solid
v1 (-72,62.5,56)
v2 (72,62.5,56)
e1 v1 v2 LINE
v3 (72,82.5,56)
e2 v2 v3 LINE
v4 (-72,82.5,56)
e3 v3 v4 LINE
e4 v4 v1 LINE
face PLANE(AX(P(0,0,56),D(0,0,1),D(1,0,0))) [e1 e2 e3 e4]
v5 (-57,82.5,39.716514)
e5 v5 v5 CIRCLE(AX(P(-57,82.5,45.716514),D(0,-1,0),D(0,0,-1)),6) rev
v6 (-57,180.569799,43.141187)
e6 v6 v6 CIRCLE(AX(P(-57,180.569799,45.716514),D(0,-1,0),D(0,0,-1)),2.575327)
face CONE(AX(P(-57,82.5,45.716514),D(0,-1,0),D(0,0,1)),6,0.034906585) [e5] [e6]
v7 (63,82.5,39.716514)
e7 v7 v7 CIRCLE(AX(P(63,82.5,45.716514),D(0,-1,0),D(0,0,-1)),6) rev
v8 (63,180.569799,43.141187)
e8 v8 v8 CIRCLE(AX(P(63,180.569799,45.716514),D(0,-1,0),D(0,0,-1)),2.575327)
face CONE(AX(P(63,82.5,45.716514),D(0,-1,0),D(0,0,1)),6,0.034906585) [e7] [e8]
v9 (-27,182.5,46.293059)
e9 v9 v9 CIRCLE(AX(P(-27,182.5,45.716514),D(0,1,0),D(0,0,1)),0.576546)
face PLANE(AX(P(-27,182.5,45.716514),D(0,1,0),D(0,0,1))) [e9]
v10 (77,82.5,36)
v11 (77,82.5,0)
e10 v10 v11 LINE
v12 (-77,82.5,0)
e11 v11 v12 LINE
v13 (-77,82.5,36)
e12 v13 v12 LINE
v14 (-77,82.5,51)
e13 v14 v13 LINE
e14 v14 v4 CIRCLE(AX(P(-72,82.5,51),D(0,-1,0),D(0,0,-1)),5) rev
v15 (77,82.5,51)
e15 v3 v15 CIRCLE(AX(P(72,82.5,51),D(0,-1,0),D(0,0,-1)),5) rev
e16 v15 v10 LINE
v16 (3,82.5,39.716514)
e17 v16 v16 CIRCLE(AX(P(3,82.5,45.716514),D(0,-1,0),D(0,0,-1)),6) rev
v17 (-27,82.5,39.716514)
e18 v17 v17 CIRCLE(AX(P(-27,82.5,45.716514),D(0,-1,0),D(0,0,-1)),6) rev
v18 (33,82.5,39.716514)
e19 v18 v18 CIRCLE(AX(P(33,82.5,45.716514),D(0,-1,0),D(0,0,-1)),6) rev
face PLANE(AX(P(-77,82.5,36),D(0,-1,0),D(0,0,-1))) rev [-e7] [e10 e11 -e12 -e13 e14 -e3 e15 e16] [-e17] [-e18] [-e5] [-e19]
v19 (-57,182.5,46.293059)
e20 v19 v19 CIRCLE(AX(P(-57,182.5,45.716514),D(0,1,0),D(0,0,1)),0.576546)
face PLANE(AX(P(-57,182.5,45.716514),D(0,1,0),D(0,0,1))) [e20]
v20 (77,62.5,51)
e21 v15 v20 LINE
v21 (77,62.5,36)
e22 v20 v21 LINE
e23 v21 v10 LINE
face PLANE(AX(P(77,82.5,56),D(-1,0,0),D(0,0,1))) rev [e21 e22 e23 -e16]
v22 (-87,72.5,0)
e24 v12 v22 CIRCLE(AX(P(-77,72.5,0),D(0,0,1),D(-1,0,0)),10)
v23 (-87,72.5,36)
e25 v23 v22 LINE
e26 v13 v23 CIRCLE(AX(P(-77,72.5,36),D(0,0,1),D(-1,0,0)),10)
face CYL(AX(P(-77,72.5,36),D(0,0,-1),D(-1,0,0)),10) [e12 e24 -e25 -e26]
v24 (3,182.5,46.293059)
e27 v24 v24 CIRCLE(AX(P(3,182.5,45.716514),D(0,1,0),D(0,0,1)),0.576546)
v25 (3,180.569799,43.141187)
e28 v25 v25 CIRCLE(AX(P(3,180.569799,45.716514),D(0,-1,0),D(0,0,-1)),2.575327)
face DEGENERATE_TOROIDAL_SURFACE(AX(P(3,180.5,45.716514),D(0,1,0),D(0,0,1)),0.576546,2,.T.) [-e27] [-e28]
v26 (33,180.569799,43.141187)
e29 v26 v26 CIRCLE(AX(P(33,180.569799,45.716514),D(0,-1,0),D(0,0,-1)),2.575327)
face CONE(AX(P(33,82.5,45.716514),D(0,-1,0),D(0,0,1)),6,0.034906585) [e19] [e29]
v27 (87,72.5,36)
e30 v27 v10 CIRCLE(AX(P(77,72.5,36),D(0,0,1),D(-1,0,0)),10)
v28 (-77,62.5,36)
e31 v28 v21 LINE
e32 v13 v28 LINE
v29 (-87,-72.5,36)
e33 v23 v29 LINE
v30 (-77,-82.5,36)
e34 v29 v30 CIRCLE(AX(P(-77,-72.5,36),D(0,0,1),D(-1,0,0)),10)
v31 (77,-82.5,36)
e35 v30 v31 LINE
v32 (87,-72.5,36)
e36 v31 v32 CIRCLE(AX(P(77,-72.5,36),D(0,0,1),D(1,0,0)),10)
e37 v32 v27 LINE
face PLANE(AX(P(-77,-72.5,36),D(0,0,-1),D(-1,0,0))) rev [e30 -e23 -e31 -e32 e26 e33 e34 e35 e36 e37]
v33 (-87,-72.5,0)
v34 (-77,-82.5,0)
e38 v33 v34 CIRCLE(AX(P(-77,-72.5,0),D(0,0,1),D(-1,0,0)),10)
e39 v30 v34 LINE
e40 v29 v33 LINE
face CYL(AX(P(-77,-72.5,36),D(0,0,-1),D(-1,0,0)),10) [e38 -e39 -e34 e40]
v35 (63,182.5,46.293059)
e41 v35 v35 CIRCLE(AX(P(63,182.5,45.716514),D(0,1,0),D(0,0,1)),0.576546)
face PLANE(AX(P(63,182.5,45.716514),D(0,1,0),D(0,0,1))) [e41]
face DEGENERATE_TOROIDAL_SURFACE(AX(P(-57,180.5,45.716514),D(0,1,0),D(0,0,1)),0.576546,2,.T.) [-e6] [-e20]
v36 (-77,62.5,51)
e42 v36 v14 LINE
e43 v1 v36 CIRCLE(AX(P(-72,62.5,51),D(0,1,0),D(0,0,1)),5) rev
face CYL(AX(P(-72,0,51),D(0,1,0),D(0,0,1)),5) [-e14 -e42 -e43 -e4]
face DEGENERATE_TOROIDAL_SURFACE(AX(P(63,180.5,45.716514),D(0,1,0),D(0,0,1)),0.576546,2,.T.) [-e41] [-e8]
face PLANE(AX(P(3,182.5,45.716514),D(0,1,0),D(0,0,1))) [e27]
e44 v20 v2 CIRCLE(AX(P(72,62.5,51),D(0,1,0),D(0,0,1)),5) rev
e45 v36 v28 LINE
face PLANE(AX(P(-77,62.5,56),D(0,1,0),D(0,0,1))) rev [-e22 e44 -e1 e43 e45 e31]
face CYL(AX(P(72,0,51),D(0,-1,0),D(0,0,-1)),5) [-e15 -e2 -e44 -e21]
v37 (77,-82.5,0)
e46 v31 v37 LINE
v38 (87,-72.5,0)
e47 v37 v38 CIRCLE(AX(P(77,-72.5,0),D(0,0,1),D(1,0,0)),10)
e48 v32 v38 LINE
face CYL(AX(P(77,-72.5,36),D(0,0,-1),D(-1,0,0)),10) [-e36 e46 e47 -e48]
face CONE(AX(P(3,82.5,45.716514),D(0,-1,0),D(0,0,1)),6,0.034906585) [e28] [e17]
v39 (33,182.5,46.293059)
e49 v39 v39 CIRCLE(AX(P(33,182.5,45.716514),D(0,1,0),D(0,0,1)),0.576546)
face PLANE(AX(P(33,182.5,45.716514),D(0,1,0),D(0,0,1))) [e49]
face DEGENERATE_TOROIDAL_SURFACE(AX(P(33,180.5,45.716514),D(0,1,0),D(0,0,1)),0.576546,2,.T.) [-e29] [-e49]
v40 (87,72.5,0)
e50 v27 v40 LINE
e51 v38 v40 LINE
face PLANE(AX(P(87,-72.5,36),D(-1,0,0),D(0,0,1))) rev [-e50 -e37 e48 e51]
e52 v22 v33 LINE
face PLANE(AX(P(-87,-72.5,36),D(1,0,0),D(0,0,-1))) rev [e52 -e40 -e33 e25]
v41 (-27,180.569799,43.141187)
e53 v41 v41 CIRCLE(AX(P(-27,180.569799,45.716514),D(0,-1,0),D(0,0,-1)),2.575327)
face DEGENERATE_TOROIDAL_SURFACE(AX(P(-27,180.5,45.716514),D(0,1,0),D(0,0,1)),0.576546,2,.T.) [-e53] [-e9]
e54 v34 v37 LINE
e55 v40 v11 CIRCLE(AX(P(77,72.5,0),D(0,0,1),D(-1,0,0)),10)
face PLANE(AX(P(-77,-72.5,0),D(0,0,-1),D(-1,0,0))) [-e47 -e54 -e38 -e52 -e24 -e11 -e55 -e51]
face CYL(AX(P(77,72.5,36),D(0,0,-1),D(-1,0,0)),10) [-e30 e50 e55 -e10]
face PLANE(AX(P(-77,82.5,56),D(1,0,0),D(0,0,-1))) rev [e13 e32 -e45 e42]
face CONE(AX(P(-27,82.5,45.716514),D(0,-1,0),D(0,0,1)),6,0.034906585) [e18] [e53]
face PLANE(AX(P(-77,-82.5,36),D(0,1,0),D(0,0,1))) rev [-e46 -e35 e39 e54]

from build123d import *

# Parameters (mm, degrees)
EXTRUDE_1_DEPTH           = 36
SKETCH_3_W                = 154
SKETCH_3_H                = 20
EXTRUDE_4_DEPTH           = 20
SKETCH_4_R                = 6
EXTRUDE_5_DEPTH           = 100
EXTRUDE_5_DRAFT           = 2
EXTRUDE_5_PROFILE_2_DEPTH = 100
EXTRUDE_5_PROFILE_2_DRAFT = 2
EXTRUDE_5_PROFILE_3_DEPTH = 100
EXTRUDE_5_PROFILE_3_DRAFT = 2
EXTRUDE_5_PROFILE_4_DEPTH = 100
EXTRUDE_5_PROFILE_4_DRAFT = 2
EXTRUDE_5_PROFILE_5_DEPTH = 100
EXTRUDE_5_PROFILE_5_DRAFT = 2
FILLET_1_R                = 2
FILLET_2_R                = 5


with BuildPart() as part:
    # 스케치1 → 보스-돌출1 (new body)
    with BuildSketch(Plane.XY):
        with BuildLine():
            Line((-77, -82.5), (77, -82.5))
            ThreePointArc((77, -82.5), (84.071067812, -79.571067812), (87, -72.5))
            Line((87, -72.5), (87, 72.5))
            ThreePointArc((87, 72.5), (84.071067812, 79.571067812), (77, 82.5))
            Line((77, 82.5), (-77, 82.5))
            ThreePointArc((-77, 82.5), (-84.071067812, 79.571067812), (-87, 72.5))
            Line((-87, 72.5), (-87, -72.5))
            ThreePointArc((-87, -72.5), (-84.071067812, -79.571067812), (-77, -82.5))
        make_face()
    extrude(amount=EXTRUDE_1_DEPTH)

    # 스케치3 → 보스-돌출4 (add)
    with BuildSketch(Plane.XY.offset(36)):
        with Locations((0, 72.5)):
            Rectangle(SKETCH_3_W, SKETCH_3_H)
    extrude(amount=EXTRUDE_4_DEPTH)


with BuildPart() as extrude_5_tool:
    # 스케치4 → 보스-돌출5 (with draft: the straight prism first)
    with BuildSketch(Plane(origin=(0, 82.5, 0), x_dir=(1, 0, 0), z_dir=(0, 1, 0))):
        with Locations((-57, -45.716513986)):
            Circle(SKETCH_4_R)
    extrude(amount=EXTRUDE_5_DEPTH)
    # 보스-돌출5: the draft: its side faces are tilted about the plane it starts from
    extrude_5_sides = [extrude_5_tool.faces().sort_by_distance(p)[0] for p in [
        (-63, 132.5, 45.716513986),
    ]]
    draft(extrude_5_sides, Plane(origin=(0, 82.5, 0), x_dir=(1, 0, 0), z_dir=(0, 1, 0)), EXTRUDE_5_DRAFT)


with BuildPart() as part_1:
    add(part.part)

    # 보스-돌출5: add extrude_5_tool
    add(extrude_5_tool.part)


with BuildPart() as extrude_5_profile_2_tool:
    # 스케치4 → 보스-돌출5 profile 2 (with draft: the straight prism first)
    with BuildSketch(Plane(origin=(0, 82.5, 0), x_dir=(1, 0, 0), z_dir=(0, 1, 0))):
        with Locations((-27, -45.716513986)):
            Circle(SKETCH_4_R)
    extrude(amount=EXTRUDE_5_PROFILE_2_DEPTH)
    # 보스-돌출5 profile 2: the draft: its side faces are tilted about the plane it starts from
    extrude_5_profile_2_sides = [extrude_5_profile_2_tool.faces().sort_by_distance(p)[0] for p in [
        (-33, 132.5, 45.716513986),
    ]]
    draft(extrude_5_profile_2_sides, Plane(origin=(0, 82.5, 0), x_dir=(1, 0, 0), z_dir=(0, 1, 0)), EXTRUDE_5_PROFILE_2_DRAFT)


with BuildPart() as part_2:
    add(part_1.part)

    # 보스-돌출5 profile 2: add extrude_5_profile_2_tool
    add(extrude_5_profile_2_tool.part)


with BuildPart() as extrude_5_profile_3_tool:
    # 스케치4 → 보스-돌출5 profile 3 (with draft: the straight prism first)
    with BuildSketch(Plane(origin=(0, 82.5, 0), x_dir=(1, 0, 0), z_dir=(0, 1, 0))):
        with Locations((3, -45.716513986)):
            Circle(SKETCH_4_R)
    extrude(amount=EXTRUDE_5_PROFILE_3_DEPTH)
    # 보스-돌출5 profile 3: the draft: its side faces are tilted about the plane it starts from
    extrude_5_profile_3_sides = [extrude_5_profile_3_tool.faces().sort_by_distance(p)[0] for p in [
        (-3, 132.5, 45.716513986),
    ]]
    draft(extrude_5_profile_3_sides, Plane(origin=(0, 82.5, 0), x_dir=(1, 0, 0), z_dir=(0, 1, 0)), EXTRUDE_5_PROFILE_3_DRAFT)


with BuildPart() as part_3:
    add(part_2.part)

    # 보스-돌출5 profile 3: add extrude_5_profile_3_tool
    add(extrude_5_profile_3_tool.part)


with BuildPart() as extrude_5_profile_4_tool:
    # 스케치4 → 보스-돌출5 profile 4 (with draft: the straight prism first)
    with BuildSketch(Plane(origin=(0, 82.5, 0), x_dir=(1, 0, 0), z_dir=(0, 1, 0))):
        with Locations((33, -45.716513986)):
            Circle(SKETCH_4_R)
    extrude(amount=EXTRUDE_5_PROFILE_4_DEPTH)
    # 보스-돌출5 profile 4: the draft: its side faces are tilted about the plane it starts from
    extrude_5_profile_4_sides = [extrude_5_profile_4_tool.faces().sort_by_distance(p)[0] for p in [
        (27, 132.5, 45.716513986),
    ]]
    draft(extrude_5_profile_4_sides, Plane(origin=(0, 82.5, 0), x_dir=(1, 0, 0), z_dir=(0, 1, 0)), EXTRUDE_5_PROFILE_4_DRAFT)


with BuildPart() as part_4:
    add(part_3.part)

    # 보스-돌출5 profile 4: add extrude_5_profile_4_tool
    add(extrude_5_profile_4_tool.part)


with BuildPart() as extrude_5_profile_5_tool:
    # 스케치4 → 보스-돌출5 profile 5 (with draft: the straight prism first)
    with BuildSketch(Plane(origin=(0, 82.5, 0), x_dir=(1, 0, 0), z_dir=(0, 1, 0))):
        with Locations((63, -45.716513986)):
            Circle(SKETCH_4_R)
    extrude(amount=EXTRUDE_5_PROFILE_5_DEPTH)
    # 보스-돌출5 profile 5: the draft: its side faces are tilted about the plane it starts from
    extrude_5_profile_5_sides = [extrude_5_profile_5_tool.faces().sort_by_distance(p)[0] for p in [
        (57, 132.5, 45.716513986),
    ]]
    draft(extrude_5_profile_5_sides, Plane(origin=(0, 82.5, 0), x_dir=(1, 0, 0), z_dir=(0, 1, 0)), EXTRUDE_5_PROFILE_5_DRAFT)


with BuildPart() as part_5:
    add(part_4.part)

    # 보스-돌출5 profile 5: add extrude_5_profile_5_tool
    add(extrude_5_profile_5_tool.part)

    # 필렛1
    fillet_1_edges = [part_5.edges().sort_by_distance(p)[0] for p in [
        (-59.507923051, 182.5, 45.716513986),
        (-29.507923051, 182.5, 45.716513986),
        (0.492076949, 182.5, 45.716513986),
        (30.492076949, 182.5, 45.716513986),
        (60.492076949, 182.5, 45.716513986),
    ]]
    fillet(fillet_1_edges, radius=FILLET_1_R)

    # 필렛2
    fillet_2_edges = [part_5.edges().sort_by_distance(p)[0] for p in [
        (-77, 72.5, 56),
        (77, 72.5, 56),
    ]]
    fillet(fillet_2_edges, radius=FILLET_2_R)


solid = part_5.part
